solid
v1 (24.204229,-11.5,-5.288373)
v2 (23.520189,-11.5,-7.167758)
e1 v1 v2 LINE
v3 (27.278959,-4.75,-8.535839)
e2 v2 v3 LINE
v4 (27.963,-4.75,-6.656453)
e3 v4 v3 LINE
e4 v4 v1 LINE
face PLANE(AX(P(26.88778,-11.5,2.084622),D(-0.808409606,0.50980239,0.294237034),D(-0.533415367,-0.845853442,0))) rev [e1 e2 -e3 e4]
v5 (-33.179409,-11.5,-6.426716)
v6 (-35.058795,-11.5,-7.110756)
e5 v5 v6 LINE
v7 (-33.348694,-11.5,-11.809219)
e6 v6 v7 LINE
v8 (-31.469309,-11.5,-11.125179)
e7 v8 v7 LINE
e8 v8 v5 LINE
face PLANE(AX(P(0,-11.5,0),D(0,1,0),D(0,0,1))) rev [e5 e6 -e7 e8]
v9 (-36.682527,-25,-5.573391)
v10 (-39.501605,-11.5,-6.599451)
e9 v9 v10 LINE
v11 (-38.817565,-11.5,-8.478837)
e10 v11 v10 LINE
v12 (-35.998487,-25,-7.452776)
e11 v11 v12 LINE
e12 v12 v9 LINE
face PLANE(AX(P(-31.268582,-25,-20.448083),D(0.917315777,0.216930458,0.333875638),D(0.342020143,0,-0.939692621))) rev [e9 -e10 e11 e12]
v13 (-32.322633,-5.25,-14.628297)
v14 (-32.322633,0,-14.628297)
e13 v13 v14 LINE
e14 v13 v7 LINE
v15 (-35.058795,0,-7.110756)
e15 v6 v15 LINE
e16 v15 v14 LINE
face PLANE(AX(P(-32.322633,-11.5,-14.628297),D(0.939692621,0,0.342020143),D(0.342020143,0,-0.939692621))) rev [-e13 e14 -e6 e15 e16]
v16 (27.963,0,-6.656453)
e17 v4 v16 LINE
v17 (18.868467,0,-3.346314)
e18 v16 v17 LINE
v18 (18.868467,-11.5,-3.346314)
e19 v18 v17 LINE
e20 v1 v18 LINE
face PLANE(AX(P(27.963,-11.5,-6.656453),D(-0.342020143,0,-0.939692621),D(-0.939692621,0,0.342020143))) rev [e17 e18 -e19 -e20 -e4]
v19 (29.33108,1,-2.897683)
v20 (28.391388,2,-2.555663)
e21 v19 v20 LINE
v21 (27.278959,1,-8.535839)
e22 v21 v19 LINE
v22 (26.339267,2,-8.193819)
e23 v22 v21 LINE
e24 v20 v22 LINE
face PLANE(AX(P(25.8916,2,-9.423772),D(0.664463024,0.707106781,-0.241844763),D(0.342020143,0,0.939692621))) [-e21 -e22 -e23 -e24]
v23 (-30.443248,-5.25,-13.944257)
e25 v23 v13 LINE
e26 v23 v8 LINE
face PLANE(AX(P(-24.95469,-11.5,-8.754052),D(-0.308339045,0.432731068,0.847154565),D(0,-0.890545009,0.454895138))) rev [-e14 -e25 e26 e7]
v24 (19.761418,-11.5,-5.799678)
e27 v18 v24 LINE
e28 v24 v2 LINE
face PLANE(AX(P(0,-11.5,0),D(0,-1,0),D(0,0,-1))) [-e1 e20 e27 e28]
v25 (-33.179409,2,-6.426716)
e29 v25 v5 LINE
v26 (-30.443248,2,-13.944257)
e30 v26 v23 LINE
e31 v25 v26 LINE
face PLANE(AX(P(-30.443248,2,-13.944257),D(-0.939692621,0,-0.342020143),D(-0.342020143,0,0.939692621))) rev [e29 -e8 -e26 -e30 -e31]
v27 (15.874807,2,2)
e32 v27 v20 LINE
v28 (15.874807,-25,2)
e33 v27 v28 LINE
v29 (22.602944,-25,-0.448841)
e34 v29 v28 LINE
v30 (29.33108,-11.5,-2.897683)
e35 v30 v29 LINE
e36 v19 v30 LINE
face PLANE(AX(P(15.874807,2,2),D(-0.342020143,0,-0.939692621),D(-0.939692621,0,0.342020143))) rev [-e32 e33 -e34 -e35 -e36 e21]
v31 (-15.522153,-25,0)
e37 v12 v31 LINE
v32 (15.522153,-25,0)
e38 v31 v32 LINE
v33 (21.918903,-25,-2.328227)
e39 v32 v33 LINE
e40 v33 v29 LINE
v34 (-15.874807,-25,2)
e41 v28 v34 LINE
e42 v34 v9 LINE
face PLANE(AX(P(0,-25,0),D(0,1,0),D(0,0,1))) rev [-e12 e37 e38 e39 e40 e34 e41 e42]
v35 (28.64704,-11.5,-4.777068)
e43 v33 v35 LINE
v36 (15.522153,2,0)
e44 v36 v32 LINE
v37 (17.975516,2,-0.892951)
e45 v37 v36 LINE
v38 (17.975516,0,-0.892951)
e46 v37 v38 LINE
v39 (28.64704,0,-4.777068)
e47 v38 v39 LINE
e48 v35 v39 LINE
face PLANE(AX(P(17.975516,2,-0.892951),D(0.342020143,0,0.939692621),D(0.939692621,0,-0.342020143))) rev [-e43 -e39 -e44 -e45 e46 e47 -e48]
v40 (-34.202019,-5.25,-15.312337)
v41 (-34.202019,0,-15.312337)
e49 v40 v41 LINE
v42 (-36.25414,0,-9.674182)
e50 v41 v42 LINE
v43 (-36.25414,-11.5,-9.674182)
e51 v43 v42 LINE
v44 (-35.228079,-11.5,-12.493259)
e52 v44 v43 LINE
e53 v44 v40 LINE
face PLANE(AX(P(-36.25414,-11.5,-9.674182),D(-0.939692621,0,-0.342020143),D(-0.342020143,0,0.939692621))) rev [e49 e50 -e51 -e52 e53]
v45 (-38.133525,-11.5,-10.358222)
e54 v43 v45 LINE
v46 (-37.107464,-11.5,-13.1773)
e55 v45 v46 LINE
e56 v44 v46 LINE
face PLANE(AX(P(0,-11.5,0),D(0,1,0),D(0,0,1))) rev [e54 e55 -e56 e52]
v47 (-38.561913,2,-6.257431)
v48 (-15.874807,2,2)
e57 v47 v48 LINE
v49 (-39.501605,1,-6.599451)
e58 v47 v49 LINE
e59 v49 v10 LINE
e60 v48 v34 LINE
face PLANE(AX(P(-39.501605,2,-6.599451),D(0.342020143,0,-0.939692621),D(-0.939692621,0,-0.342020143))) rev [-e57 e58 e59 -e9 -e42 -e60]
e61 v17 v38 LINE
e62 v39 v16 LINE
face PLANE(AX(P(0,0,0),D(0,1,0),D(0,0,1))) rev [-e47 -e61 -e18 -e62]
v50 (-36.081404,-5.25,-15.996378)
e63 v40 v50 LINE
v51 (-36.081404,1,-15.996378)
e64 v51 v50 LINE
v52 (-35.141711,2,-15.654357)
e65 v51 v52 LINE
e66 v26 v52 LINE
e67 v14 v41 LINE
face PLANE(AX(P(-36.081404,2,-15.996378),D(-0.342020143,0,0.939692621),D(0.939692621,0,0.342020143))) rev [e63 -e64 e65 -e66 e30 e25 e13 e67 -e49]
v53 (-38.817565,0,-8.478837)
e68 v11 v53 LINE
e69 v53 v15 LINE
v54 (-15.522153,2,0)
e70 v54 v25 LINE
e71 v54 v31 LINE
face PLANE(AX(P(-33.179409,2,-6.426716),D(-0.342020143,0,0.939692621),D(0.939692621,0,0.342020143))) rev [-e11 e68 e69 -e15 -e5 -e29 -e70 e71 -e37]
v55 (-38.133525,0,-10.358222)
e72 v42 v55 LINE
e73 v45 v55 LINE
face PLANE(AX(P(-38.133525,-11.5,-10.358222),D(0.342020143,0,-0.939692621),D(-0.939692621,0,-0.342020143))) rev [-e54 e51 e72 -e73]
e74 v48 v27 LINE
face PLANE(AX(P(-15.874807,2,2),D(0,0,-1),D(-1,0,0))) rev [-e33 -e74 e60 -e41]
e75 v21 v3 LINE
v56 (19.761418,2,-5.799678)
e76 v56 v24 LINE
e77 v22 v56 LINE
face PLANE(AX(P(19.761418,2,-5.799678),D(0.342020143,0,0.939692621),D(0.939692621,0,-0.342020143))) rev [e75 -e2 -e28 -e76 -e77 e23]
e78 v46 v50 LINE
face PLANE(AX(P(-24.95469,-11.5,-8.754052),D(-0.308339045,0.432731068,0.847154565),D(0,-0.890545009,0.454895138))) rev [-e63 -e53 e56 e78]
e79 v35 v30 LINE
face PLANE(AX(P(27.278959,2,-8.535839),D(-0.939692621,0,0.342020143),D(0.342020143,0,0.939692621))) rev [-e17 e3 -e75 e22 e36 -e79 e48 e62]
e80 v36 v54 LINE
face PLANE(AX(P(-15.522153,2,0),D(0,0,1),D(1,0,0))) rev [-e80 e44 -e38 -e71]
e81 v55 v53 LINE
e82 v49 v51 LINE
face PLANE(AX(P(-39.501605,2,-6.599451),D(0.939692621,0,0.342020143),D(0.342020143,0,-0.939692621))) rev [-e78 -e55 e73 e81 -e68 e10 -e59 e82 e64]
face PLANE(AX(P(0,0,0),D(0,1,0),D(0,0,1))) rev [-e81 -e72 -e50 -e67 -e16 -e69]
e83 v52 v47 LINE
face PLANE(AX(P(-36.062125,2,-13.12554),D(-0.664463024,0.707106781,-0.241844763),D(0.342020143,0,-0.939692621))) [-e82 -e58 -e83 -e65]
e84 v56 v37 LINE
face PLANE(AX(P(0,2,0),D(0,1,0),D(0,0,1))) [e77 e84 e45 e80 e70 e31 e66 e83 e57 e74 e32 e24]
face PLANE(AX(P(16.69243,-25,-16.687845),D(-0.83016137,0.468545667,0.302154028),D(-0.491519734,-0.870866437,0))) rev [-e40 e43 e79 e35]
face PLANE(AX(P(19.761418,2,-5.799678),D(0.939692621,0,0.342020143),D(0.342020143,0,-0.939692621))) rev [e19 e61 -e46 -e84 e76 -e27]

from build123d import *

# Parameters (mm, degrees)
BOSS_EXTRUDE4_DEPTH = 2
BOSS_EXTRUDE7_DEPTH = 25
BOSS_EXTRUDE8_DEPTH = 11.5
CUT_EXTRUDE4_DEPTH  = 2
CUT_EXTRUDE5_DEPTH  = 2
CUT_EXTRUDE6_DEPTH  = 2
CHAMFER2_SIZE       = 1
CUT_EXTRUDE8_REACH  = 74.555


with BuildPart() as part:
    # Sketch8 → Boss-Extrude4 (new body)
    with BuildSketch(Plane(origin=(0, 0, 0), x_dir=(1, 0, 0), z_dir=(0, 1, 0))):
        Polygon((19.761418396, 5.799677564), (27.278959362, 8.535838711), (29.331080222, 2.897682986), (15.874806811, -2), (-15.874806811, -2), (-39.501605359, 6.599451403), (-36.081403926, 15.996377611), (-30.443248201, 13.944256751), (-33.179409348, 6.426715784), (-15.522152849, 0), (15.522152849, 0), (17.975516043, 0.892951176), align=None)
    extrude(amount=BOSS_EXTRUDE4_DEPTH)

    # Sketch12 → Boss-Extrude7 (add)
    with BuildSketch(Plane.XZ):
        Polygon((-39.501605359, -6.599451403), (-15.874806811, 2), (15.874806811, 2), (29.331080222, -2.897682986), (28.647039935, -4.777068227), (17.975516043, -0.892951176), (15.522152849, 0), (-15.522152849, 0), (-33.179409348, -6.426715784), (-38.817565073, -8.478836644), align=None)
    extrude(amount=BOSS_EXTRUDE7_DEPTH)

    # Sketch13 → Boss-Extrude8 (add)
    with BuildSketch(Plane.XZ):
        Polygon((-34.202018685, -15.312337324), (-36.081403926, -15.996377611), (-38.133524786, -10.358221886), (-36.254139544, -9.674181599), align=None)
        Polygon((-32.322633443, -14.628297037), (-30.443248201, -13.944256751), (-33.179409348, -6.426715784), (-35.05879459, -7.110756071), align=None)
        Polygon((19.761418396, -5.799677564), (27.278959362, -8.535838711), (27.962999649, -6.656453469), (18.868467219, -3.34631437), align=None)
    extrude(amount=BOSS_EXTRUDE8_DEPTH)

    # Sketch15 → Cut-Extrude4 (cut)
    with BuildSketch(Plane(origin=(0.447666384, 0, 1.22995328), x_dir=(-0.9396926207859031, 0, 0.34202014332568326), z_dir=(-0.34202014332568326, 0, -0.9396926207859031))):
        Polygon((-24.553265595, -11.5), (-28.553265595, -4.75), (-28.553265595, -11.5), align=None)
    extrude(amount=-CUT_EXTRUDE4_DEPTH, mode=Mode.SUBTRACT)

    # Sketch16 → Cut-Extrude5 (cut)
    with BuildSketch(Plane(origin=(2.499787244, 0, 6.868109005), x_dir=(0.9396926207859029, 0, -0.3420201433256841), z_dir=(0.34202014332568403, 0, 0.9396926207859028))):
        Polygon((21.393332062, -25), (28.553265595, -11.5), (28.553265595, -25), align=None)
    extrude(amount=-CUT_EXTRUDE5_DEPTH, mode=Mode.SUBTRACT)

    # Sketch17 → Cut-Extrude6 (cut)
    with BuildSketch(Plane(origin=(-2.499787244, 0, 6.868109005), x_dir=(0.9396926207859133, 0, 0.3420201433256553), z_dir=(-0.3420201433256553, 0, 0.9396926207859133))):
        Polygon((-39.37651238, -25), (-39.37651238, -11.5), (-36.37651238, -25), align=None)
    extrude(amount=-CUT_EXTRUDE6_DEPTH, mode=Mode.SUBTRACT)

    # Chamfer2
    chamfer2_edges = [part.edges().sort_by_distance(p)[0] for p in [
        (-37.791504643, 2, -11.297914507),
        (28.305019792, 2, -5.716760848),
    ]]
    chamfer(chamfer2_edges, length=CHAMFER2_SIZE)

    # Cut-Extrude8: up to this face of the body (flat: up to its plane)
    cut_extrude8_end = Plane(part.part.faces().sort_by_distance((-31.811328775, -4.75, -10.185486267))[0])
    # Sketch23 → Cut-Extrude8 (cut, up to the picked face)
    with BuildSketch(Plane(origin=(-37.001818116, 0, -13.467560408), x_dir=(-0.3420201433256551, 0, 0.9396926207859133), z_dir=(-0.9396926207859133, 0, -0.3420201433256551)), mode=Mode.PRIVATE) as cut_extrude8_sk1:
        Polygon((0.308888942, -11.5), (-2.691111058, -5.25), (-2.691111058, -11.5), align=None)
    cut_extrude8_tool1 = split(extrude(cut_extrude8_sk1.sketch, amount=-CUT_EXTRUDE8_REACH, mode=Mode.PRIVATE), bisect_by=cut_extrude8_end, keep=Keep.BOTH, mode=Mode.PRIVATE)
    add(cut_extrude8_tool1.solids().sort_by(Axis((-36.423424, -9.416667, -15.056685), (0.9396926207859133, 0, 0.3420201433256551)))[0], mode=Mode.SUBTRACT)


solid = part.part
